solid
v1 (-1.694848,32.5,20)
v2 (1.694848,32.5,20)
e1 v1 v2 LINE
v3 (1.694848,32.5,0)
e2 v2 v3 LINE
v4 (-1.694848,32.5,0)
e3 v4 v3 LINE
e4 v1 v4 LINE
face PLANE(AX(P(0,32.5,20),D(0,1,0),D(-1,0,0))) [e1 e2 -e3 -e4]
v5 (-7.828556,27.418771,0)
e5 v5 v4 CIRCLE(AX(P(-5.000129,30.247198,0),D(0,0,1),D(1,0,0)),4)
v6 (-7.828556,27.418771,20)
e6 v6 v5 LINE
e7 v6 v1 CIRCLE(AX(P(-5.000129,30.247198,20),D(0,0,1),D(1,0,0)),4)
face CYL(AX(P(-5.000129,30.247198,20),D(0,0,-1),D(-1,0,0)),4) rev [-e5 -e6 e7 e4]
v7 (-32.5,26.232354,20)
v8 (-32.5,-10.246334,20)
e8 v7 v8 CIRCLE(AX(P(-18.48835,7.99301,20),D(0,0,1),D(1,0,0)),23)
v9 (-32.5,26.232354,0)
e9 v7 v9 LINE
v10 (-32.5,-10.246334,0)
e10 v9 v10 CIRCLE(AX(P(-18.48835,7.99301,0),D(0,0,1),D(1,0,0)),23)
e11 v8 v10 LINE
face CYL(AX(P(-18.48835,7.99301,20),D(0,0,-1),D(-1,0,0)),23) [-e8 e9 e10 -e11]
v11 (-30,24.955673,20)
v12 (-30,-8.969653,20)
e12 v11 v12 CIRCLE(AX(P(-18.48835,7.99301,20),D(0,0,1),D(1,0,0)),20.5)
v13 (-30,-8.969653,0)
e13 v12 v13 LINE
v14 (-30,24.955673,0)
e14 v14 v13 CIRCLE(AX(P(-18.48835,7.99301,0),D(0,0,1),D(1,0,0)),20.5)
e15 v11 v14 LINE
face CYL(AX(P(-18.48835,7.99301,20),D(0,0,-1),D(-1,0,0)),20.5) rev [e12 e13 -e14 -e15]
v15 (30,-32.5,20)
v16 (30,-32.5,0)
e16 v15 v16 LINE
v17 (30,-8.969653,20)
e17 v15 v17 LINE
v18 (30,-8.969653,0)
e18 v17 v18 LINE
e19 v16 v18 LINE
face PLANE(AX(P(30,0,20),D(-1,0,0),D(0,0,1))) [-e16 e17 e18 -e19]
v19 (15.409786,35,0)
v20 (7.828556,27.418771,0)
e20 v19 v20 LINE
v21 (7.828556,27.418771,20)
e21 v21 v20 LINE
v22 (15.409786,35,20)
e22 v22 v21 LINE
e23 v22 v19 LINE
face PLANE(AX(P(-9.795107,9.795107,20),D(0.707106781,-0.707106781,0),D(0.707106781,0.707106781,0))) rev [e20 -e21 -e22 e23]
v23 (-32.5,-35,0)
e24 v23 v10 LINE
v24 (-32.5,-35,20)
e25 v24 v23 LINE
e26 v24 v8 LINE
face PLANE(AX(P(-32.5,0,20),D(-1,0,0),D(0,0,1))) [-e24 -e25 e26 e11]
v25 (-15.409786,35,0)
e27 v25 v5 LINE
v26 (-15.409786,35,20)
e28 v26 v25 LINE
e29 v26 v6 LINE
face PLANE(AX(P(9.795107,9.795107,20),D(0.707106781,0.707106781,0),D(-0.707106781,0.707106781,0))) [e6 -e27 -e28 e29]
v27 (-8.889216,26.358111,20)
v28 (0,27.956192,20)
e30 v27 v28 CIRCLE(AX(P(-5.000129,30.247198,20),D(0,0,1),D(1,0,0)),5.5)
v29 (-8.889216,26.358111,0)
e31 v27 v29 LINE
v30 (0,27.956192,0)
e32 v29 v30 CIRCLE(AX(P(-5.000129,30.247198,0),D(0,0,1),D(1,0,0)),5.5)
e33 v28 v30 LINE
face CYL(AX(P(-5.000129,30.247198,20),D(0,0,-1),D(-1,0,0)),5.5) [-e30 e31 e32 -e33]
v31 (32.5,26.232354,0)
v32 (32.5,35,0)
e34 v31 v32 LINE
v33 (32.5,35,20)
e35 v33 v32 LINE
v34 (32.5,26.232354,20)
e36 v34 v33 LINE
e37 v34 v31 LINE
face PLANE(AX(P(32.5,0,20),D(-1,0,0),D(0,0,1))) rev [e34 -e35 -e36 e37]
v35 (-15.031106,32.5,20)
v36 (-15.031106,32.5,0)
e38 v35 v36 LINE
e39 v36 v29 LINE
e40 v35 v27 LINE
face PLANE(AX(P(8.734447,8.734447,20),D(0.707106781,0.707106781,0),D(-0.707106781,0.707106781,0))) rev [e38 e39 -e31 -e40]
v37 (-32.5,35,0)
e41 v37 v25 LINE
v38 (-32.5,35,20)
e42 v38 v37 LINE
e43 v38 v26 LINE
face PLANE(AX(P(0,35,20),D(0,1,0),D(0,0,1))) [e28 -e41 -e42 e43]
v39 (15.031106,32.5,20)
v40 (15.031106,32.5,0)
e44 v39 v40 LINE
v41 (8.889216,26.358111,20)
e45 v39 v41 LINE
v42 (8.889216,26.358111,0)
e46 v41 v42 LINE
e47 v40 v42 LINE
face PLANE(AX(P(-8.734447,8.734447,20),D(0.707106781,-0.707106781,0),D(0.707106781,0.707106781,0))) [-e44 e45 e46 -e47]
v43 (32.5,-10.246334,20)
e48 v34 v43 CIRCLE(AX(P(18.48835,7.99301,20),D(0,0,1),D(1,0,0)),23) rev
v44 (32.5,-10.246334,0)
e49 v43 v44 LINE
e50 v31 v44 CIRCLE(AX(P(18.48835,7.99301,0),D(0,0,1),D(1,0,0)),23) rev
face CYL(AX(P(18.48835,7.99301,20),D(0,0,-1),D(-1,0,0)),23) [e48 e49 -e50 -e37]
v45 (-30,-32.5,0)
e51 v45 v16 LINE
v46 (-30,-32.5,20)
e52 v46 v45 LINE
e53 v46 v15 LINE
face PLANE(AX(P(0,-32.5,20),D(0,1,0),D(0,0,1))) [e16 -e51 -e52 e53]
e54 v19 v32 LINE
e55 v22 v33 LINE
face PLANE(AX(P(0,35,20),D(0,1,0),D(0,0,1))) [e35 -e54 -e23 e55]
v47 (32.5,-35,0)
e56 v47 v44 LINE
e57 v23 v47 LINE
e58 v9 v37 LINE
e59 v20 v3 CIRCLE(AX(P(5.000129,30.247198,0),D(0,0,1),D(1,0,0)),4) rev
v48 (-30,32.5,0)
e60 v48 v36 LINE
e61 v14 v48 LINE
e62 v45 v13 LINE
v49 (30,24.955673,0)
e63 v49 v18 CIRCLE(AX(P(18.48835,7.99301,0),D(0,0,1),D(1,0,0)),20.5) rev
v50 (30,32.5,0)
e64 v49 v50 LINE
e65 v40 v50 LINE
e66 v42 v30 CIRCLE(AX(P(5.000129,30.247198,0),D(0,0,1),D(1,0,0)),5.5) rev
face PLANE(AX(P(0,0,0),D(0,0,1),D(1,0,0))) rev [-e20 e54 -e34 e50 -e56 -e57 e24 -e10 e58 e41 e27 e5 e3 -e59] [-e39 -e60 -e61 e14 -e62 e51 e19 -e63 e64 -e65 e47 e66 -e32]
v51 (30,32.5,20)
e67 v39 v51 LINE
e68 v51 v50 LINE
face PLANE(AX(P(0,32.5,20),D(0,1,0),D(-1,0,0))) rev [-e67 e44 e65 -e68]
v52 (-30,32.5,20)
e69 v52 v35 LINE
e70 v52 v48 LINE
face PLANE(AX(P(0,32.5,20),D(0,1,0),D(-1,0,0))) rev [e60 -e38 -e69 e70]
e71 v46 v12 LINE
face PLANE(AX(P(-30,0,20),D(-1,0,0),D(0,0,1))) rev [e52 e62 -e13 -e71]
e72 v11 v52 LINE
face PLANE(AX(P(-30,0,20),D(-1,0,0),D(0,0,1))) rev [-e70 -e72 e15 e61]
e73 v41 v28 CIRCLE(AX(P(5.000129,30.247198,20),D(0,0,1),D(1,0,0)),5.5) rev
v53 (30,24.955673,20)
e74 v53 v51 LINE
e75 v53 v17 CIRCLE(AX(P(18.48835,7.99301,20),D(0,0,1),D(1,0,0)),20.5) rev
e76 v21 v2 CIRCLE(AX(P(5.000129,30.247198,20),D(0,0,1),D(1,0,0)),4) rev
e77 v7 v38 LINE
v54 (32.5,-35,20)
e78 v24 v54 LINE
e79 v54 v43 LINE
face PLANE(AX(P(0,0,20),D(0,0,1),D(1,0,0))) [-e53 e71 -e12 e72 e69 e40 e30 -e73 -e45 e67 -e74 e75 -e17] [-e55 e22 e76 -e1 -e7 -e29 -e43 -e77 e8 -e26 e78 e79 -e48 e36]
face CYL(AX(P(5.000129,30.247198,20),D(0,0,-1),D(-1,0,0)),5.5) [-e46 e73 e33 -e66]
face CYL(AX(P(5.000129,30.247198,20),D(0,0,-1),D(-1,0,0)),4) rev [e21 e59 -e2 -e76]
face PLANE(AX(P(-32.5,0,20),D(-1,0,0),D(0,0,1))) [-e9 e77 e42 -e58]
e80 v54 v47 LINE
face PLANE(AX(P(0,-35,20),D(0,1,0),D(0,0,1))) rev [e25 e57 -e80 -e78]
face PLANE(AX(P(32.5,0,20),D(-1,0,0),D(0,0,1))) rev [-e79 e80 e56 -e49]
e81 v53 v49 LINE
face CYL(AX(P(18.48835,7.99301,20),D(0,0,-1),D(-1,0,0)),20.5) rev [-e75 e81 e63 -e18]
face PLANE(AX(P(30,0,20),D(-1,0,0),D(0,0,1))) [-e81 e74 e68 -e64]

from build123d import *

# Parameters (mm, degrees)
AUFSATZ_LINEAR_AUSTRAGEN1_DEPTH = 20


with BuildPart() as part:
    # Skizze1 → Aufsatz-Linear austragen1 (new body)
    with BuildSketch(Plane.XY):
        with BuildLine():
            ThreePointArc((32.5, -10.246334318), (41.488350442, 7.993009877), (32.5, 26.232354072))
            Line((32.5, 26.232354072), (32.5, 35))
            Line((32.5, 35), (15.409785503, 35))
            Line((15.409785503, 35), (7.828556273, 27.418770769))
            ThreePointArc((7.828556273, 27.41877077), (2.44835133, 27.166868372), (1.69484812, 32.5))
            Line((1.69484812, 32.5), (-1.69484812, 32.5))
            ThreePointArc((-1.69484812, 32.5), (-2.44835133, 27.166868372), (-7.828556273, 27.41877077))
            Line((-7.828556273, 27.418770769), (-15.409785503, 35))
            Line((-15.409785503, 35), (-32.5, 35))
            Line((-32.5, 35), (-32.5, 26.232354072))
            ThreePointArc((-32.5, 26.232354072), (-41.488350442, 7.993009877), (-32.5, -10.246334318))
            Line((-32.5, -10.246334318), (-32.5, -35))
            Line((-32.5, -35), (32.5, -35))
            Line((32.5, -35), (32.5, -10.246334318))
        make_face()
        with BuildLine():
            Line((30, 32.5), (30, 24.955672535))
            ThreePointArc((30, 24.955672535), (38.988350442, 7.993009877), (30, -8.969652782))
            Line((30, -8.969652782), (30, -32.5))
            Line((30, -32.5), (-30, -32.5))
            Line((-30, -32.5), (-30, -8.969652782))
            ThreePointArc((-30, -8.969652782), (-38.988350442, 7.993009877), (-30, 24.955672535))
            Line((-30, 24.955672535), (-30, 32.5))
            Line((-30, 32.5), (-15.031105847, 32.5))
            Line((-15.031105847, 32.5), (-8.889216445, 26.358110598))
            ThreePointArc((-8.889216445, 26.358110598), (-4.026954213, 24.833979762), (0, 27.956191892))
            ThreePointArc((0, 27.956191892), (4.026954213, 24.833979762), (8.889216445, 26.358110598))
            Line((8.889216445, 26.358110598), (15.031105847, 32.5))
            Line((15.031105847, 32.5), (30, 32.5))
        make_face(mode=Mode.SUBTRACT)
    extrude(amount=AUFSATZ_LINEAR_AUSTRAGEN1_DEPTH)


solid = part.part
